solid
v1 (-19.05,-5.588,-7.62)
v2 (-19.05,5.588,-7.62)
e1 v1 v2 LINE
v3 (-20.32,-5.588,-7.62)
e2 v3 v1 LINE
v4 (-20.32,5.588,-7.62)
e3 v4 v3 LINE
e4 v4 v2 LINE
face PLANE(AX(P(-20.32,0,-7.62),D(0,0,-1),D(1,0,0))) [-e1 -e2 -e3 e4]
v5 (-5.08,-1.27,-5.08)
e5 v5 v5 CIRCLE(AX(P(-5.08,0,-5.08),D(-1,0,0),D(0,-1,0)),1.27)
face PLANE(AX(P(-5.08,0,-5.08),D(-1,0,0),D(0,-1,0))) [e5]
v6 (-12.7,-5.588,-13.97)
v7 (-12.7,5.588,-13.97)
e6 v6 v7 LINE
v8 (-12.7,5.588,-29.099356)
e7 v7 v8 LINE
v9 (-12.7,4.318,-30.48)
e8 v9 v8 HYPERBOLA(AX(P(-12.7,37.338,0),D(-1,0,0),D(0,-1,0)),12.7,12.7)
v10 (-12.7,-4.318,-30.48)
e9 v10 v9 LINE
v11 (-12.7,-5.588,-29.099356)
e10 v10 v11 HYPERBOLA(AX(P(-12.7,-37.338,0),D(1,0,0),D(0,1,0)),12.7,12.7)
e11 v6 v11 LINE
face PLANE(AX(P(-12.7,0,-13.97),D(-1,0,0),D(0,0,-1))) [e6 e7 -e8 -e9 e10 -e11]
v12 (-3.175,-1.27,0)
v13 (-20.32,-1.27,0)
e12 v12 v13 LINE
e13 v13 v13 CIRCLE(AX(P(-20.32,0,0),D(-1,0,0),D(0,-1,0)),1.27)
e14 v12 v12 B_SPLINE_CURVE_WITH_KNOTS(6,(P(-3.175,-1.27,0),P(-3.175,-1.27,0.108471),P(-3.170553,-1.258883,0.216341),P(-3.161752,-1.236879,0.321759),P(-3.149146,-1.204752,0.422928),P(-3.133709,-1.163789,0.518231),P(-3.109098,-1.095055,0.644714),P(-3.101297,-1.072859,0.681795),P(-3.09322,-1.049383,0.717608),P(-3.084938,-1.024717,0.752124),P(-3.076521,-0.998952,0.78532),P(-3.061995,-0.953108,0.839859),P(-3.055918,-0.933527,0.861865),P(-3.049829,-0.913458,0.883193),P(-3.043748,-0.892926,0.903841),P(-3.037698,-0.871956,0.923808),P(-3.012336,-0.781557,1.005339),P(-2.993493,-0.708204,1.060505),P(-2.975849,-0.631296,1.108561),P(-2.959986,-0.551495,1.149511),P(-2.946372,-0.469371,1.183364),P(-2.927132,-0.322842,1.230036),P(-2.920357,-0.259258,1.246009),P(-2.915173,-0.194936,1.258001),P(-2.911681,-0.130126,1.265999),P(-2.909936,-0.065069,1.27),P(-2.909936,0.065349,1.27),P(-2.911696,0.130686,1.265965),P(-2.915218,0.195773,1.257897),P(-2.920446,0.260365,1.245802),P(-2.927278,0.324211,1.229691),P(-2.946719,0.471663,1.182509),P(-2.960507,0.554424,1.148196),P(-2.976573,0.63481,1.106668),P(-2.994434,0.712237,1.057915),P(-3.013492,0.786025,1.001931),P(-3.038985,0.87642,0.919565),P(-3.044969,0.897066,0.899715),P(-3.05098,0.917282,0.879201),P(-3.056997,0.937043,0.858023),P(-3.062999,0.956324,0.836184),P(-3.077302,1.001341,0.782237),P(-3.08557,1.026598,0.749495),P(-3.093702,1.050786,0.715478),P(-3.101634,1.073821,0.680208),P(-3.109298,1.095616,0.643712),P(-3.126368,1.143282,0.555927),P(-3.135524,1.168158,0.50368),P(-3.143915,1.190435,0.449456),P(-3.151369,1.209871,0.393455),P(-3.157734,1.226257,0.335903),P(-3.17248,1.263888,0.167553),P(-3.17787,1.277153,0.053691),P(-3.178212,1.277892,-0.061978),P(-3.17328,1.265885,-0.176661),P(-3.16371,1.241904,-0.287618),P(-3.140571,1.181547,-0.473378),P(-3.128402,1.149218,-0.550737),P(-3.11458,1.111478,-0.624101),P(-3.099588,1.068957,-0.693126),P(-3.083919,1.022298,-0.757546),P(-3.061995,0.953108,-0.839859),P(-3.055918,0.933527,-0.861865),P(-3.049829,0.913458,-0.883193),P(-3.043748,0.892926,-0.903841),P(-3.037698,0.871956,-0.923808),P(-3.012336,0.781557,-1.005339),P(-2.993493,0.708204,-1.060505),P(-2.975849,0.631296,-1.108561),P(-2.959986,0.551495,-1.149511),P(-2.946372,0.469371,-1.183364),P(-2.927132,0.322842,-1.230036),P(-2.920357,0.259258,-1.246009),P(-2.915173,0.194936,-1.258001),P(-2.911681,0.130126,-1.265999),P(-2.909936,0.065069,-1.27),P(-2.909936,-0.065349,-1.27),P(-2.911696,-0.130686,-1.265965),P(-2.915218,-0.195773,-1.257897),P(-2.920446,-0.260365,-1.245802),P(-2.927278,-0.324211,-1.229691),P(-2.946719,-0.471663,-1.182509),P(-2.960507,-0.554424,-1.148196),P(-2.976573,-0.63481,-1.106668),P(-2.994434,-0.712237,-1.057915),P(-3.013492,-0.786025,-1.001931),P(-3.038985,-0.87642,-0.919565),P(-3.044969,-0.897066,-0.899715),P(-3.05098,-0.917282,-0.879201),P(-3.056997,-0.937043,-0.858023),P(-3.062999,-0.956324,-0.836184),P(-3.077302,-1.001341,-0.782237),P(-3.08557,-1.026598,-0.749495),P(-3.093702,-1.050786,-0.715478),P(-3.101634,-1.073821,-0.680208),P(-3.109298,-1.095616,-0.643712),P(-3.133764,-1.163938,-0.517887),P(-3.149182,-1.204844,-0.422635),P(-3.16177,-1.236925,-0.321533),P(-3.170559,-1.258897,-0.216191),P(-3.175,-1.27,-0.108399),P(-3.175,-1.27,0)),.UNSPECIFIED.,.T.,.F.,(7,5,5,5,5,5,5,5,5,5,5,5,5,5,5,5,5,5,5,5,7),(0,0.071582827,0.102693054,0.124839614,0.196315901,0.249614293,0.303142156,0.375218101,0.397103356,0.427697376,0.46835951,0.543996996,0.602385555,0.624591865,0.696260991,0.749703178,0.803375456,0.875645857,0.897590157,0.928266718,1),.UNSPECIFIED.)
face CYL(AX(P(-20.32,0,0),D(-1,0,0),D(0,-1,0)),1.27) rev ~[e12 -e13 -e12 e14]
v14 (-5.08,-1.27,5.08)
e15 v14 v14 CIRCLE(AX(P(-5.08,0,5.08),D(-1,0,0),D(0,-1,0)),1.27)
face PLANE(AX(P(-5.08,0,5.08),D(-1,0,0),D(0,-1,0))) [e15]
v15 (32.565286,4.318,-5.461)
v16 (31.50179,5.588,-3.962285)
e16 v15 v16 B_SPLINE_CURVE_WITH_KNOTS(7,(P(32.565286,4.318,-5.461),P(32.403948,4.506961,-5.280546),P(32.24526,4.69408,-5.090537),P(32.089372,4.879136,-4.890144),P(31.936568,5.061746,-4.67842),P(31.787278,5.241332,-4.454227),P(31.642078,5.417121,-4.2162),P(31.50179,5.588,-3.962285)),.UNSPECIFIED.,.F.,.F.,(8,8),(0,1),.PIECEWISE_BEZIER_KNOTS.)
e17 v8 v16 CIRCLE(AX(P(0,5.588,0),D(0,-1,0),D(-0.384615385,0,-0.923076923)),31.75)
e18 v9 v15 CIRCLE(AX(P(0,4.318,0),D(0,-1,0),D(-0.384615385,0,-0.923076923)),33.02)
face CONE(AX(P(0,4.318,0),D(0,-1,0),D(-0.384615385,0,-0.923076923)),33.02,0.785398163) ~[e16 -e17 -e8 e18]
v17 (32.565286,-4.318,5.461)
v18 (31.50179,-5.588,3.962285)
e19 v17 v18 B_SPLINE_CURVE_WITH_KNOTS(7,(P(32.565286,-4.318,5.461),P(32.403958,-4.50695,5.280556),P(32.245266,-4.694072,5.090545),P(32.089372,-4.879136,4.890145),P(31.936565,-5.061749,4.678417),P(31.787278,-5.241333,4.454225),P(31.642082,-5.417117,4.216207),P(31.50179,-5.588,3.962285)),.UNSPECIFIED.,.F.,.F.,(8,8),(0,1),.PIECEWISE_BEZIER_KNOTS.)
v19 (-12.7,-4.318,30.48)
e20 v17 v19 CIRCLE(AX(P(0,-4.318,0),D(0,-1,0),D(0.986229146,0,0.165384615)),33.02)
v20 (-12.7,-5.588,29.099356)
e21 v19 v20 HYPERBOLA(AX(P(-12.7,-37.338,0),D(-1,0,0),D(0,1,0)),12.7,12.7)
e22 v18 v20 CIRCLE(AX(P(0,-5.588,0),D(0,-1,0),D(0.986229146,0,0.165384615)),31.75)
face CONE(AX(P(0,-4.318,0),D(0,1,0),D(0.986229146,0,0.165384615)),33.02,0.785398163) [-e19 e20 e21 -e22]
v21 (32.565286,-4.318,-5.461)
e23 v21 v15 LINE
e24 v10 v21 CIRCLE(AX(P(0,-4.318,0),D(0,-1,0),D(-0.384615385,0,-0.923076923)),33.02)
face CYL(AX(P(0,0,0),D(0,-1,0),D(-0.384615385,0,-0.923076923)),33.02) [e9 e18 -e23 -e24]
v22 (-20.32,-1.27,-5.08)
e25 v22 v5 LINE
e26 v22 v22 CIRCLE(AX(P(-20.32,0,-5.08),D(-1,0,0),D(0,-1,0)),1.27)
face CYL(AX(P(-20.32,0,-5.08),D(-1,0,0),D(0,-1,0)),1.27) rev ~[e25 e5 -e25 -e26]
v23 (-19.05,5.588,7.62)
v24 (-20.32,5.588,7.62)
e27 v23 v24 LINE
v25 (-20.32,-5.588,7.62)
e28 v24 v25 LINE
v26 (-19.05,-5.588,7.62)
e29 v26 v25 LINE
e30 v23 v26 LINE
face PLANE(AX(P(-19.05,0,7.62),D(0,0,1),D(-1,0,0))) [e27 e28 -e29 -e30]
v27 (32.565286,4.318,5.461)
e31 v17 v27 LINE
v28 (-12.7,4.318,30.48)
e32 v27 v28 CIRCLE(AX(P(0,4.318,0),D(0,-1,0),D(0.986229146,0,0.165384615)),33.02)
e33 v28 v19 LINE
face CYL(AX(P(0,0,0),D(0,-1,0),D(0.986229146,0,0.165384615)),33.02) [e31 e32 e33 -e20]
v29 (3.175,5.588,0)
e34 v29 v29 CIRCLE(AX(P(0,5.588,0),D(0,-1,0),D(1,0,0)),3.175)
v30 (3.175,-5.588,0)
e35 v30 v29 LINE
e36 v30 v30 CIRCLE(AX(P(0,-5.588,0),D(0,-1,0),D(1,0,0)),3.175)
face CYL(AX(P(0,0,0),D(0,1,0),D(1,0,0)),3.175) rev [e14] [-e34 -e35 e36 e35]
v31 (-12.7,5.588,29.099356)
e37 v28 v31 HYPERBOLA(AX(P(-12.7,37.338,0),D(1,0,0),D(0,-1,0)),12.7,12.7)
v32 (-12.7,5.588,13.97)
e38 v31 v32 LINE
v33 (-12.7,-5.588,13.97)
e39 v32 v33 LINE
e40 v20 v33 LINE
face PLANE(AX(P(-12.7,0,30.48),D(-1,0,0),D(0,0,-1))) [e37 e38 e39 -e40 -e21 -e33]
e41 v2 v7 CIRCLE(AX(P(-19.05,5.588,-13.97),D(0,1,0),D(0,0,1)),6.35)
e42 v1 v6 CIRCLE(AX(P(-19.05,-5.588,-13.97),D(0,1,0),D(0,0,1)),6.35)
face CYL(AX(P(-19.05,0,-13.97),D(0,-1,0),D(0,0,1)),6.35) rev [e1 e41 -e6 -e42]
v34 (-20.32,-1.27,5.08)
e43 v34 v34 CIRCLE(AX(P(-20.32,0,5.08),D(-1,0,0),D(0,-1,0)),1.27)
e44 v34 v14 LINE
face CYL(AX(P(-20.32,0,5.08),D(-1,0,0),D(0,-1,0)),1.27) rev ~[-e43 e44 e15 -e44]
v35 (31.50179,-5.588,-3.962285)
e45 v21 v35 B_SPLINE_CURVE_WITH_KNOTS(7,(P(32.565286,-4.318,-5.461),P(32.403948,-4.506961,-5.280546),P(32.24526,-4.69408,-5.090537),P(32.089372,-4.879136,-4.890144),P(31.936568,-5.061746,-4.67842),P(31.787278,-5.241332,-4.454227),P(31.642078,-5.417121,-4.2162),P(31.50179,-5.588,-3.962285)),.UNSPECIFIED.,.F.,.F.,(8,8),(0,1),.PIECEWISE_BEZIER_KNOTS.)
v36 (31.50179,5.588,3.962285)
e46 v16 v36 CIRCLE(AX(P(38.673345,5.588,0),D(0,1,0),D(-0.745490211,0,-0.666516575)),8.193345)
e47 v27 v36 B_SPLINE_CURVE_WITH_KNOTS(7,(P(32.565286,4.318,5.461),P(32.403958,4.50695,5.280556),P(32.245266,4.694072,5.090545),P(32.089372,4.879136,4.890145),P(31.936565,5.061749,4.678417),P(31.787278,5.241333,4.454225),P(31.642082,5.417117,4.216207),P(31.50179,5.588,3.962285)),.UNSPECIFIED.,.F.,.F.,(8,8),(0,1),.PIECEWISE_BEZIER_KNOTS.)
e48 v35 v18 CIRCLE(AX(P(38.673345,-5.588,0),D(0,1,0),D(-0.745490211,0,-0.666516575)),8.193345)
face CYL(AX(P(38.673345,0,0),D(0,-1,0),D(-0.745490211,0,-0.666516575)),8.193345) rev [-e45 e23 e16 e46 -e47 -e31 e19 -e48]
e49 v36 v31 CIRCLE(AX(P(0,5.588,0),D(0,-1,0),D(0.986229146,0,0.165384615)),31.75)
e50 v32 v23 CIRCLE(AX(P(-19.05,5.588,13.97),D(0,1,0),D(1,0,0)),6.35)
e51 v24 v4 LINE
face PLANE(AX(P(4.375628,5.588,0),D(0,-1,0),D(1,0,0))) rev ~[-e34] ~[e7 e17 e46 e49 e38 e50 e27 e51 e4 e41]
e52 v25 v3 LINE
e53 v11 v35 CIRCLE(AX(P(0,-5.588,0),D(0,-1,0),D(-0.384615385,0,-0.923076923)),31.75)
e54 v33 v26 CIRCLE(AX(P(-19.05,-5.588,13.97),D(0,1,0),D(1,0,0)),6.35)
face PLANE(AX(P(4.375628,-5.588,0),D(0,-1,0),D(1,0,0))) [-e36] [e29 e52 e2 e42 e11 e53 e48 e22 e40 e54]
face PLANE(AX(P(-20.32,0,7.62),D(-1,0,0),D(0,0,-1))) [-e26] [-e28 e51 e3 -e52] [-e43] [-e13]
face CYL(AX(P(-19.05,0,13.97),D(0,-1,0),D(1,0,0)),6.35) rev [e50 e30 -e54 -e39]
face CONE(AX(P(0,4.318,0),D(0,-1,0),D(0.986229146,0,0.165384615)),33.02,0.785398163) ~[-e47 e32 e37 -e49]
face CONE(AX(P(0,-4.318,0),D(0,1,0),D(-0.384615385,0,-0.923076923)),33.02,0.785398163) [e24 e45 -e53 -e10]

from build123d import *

# Parameters (mm, degrees)
F0_R     = 3.175
F1_DEPTH = 5.588
F2_R     = 1.27
F3_DEPTH = 15.24
F4_DEPTH = 19.05
F5_SIZE  = 1.27


with BuildPart() as f1:
    # F0 (on Front) → F1 (new body, symmetric)
    with BuildSketch(Plane.XZ):
        with BuildLine():
            ThreePointArc((32.5652864105, 5.461), (15.973258631, 28.8994015285), (-12.7, 30.48))
            Line((-12.7, 30.48), (-12.7, 13.97))
            ThreePointArc((-12.7, 13.97), (-14.5598719395, 9.4798719395), (-19.05, 7.62))
            Line((-19.05, 7.62), (-20.32, 7.62))
            Line((-20.32, 7.62), (-20.32, -7.62))
            Line((-20.32, -7.62), (-19.05, -7.62))
            ThreePointArc((-19.05, -7.62), (-14.5598719395, -9.4798719395), (-12.7, -13.97))
            Line((-12.7, -13.97), (-12.7, -30.48))
            ThreePointArc((-12.7, -30.48), (15.973258631, -28.8994015285), (32.5652864105, -5.461))
            ThreePointArc((32.5652864105, -5.461), (30.48, 0), (32.5652864105, 5.461))
        make_face()
        Circle(F0_R, mode=Mode.SUBTRACT)
    extrude(amount=F1_DEPTH, both=True)

    # F2 (on face) → F3 (cut)
    with BuildSketch(Plane(origin=(-20.32, 0, 0), x_dir=(0, -1, 0), z_dir=(-1, 0, 0))):
        Circle(F2_R)
        with Locations((0, 5.08)):
            Circle(F2_R)
        with Locations((0, -5.08)):
            Circle(F2_R)
    extrude(amount=-F3_DEPTH, mode=Mode.SUBTRACT)

    # F2 (on face) → F4 (cut)
    with BuildSketch(Plane(origin=(-20.32, 0, 0), x_dir=(0, -1, 0), z_dir=(-1, 0, 0))):
        Circle(F2_R)
    extrude(amount=-F4_DEPTH, mode=Mode.SUBTRACT)

    # F5
    f5_edges = [f1.edges().sort_by_distance(p)[0] for p in [
        (15.973259, -5.588, 28.899402),
        (15.973259, -5.588, -28.899402),
        (15.973259, 5.588, 28.899402),
        (15.973259, 5.588, -28.899402),
    ]]
    chamfer(f5_edges, length=F5_SIZE)


solid = f1.part
